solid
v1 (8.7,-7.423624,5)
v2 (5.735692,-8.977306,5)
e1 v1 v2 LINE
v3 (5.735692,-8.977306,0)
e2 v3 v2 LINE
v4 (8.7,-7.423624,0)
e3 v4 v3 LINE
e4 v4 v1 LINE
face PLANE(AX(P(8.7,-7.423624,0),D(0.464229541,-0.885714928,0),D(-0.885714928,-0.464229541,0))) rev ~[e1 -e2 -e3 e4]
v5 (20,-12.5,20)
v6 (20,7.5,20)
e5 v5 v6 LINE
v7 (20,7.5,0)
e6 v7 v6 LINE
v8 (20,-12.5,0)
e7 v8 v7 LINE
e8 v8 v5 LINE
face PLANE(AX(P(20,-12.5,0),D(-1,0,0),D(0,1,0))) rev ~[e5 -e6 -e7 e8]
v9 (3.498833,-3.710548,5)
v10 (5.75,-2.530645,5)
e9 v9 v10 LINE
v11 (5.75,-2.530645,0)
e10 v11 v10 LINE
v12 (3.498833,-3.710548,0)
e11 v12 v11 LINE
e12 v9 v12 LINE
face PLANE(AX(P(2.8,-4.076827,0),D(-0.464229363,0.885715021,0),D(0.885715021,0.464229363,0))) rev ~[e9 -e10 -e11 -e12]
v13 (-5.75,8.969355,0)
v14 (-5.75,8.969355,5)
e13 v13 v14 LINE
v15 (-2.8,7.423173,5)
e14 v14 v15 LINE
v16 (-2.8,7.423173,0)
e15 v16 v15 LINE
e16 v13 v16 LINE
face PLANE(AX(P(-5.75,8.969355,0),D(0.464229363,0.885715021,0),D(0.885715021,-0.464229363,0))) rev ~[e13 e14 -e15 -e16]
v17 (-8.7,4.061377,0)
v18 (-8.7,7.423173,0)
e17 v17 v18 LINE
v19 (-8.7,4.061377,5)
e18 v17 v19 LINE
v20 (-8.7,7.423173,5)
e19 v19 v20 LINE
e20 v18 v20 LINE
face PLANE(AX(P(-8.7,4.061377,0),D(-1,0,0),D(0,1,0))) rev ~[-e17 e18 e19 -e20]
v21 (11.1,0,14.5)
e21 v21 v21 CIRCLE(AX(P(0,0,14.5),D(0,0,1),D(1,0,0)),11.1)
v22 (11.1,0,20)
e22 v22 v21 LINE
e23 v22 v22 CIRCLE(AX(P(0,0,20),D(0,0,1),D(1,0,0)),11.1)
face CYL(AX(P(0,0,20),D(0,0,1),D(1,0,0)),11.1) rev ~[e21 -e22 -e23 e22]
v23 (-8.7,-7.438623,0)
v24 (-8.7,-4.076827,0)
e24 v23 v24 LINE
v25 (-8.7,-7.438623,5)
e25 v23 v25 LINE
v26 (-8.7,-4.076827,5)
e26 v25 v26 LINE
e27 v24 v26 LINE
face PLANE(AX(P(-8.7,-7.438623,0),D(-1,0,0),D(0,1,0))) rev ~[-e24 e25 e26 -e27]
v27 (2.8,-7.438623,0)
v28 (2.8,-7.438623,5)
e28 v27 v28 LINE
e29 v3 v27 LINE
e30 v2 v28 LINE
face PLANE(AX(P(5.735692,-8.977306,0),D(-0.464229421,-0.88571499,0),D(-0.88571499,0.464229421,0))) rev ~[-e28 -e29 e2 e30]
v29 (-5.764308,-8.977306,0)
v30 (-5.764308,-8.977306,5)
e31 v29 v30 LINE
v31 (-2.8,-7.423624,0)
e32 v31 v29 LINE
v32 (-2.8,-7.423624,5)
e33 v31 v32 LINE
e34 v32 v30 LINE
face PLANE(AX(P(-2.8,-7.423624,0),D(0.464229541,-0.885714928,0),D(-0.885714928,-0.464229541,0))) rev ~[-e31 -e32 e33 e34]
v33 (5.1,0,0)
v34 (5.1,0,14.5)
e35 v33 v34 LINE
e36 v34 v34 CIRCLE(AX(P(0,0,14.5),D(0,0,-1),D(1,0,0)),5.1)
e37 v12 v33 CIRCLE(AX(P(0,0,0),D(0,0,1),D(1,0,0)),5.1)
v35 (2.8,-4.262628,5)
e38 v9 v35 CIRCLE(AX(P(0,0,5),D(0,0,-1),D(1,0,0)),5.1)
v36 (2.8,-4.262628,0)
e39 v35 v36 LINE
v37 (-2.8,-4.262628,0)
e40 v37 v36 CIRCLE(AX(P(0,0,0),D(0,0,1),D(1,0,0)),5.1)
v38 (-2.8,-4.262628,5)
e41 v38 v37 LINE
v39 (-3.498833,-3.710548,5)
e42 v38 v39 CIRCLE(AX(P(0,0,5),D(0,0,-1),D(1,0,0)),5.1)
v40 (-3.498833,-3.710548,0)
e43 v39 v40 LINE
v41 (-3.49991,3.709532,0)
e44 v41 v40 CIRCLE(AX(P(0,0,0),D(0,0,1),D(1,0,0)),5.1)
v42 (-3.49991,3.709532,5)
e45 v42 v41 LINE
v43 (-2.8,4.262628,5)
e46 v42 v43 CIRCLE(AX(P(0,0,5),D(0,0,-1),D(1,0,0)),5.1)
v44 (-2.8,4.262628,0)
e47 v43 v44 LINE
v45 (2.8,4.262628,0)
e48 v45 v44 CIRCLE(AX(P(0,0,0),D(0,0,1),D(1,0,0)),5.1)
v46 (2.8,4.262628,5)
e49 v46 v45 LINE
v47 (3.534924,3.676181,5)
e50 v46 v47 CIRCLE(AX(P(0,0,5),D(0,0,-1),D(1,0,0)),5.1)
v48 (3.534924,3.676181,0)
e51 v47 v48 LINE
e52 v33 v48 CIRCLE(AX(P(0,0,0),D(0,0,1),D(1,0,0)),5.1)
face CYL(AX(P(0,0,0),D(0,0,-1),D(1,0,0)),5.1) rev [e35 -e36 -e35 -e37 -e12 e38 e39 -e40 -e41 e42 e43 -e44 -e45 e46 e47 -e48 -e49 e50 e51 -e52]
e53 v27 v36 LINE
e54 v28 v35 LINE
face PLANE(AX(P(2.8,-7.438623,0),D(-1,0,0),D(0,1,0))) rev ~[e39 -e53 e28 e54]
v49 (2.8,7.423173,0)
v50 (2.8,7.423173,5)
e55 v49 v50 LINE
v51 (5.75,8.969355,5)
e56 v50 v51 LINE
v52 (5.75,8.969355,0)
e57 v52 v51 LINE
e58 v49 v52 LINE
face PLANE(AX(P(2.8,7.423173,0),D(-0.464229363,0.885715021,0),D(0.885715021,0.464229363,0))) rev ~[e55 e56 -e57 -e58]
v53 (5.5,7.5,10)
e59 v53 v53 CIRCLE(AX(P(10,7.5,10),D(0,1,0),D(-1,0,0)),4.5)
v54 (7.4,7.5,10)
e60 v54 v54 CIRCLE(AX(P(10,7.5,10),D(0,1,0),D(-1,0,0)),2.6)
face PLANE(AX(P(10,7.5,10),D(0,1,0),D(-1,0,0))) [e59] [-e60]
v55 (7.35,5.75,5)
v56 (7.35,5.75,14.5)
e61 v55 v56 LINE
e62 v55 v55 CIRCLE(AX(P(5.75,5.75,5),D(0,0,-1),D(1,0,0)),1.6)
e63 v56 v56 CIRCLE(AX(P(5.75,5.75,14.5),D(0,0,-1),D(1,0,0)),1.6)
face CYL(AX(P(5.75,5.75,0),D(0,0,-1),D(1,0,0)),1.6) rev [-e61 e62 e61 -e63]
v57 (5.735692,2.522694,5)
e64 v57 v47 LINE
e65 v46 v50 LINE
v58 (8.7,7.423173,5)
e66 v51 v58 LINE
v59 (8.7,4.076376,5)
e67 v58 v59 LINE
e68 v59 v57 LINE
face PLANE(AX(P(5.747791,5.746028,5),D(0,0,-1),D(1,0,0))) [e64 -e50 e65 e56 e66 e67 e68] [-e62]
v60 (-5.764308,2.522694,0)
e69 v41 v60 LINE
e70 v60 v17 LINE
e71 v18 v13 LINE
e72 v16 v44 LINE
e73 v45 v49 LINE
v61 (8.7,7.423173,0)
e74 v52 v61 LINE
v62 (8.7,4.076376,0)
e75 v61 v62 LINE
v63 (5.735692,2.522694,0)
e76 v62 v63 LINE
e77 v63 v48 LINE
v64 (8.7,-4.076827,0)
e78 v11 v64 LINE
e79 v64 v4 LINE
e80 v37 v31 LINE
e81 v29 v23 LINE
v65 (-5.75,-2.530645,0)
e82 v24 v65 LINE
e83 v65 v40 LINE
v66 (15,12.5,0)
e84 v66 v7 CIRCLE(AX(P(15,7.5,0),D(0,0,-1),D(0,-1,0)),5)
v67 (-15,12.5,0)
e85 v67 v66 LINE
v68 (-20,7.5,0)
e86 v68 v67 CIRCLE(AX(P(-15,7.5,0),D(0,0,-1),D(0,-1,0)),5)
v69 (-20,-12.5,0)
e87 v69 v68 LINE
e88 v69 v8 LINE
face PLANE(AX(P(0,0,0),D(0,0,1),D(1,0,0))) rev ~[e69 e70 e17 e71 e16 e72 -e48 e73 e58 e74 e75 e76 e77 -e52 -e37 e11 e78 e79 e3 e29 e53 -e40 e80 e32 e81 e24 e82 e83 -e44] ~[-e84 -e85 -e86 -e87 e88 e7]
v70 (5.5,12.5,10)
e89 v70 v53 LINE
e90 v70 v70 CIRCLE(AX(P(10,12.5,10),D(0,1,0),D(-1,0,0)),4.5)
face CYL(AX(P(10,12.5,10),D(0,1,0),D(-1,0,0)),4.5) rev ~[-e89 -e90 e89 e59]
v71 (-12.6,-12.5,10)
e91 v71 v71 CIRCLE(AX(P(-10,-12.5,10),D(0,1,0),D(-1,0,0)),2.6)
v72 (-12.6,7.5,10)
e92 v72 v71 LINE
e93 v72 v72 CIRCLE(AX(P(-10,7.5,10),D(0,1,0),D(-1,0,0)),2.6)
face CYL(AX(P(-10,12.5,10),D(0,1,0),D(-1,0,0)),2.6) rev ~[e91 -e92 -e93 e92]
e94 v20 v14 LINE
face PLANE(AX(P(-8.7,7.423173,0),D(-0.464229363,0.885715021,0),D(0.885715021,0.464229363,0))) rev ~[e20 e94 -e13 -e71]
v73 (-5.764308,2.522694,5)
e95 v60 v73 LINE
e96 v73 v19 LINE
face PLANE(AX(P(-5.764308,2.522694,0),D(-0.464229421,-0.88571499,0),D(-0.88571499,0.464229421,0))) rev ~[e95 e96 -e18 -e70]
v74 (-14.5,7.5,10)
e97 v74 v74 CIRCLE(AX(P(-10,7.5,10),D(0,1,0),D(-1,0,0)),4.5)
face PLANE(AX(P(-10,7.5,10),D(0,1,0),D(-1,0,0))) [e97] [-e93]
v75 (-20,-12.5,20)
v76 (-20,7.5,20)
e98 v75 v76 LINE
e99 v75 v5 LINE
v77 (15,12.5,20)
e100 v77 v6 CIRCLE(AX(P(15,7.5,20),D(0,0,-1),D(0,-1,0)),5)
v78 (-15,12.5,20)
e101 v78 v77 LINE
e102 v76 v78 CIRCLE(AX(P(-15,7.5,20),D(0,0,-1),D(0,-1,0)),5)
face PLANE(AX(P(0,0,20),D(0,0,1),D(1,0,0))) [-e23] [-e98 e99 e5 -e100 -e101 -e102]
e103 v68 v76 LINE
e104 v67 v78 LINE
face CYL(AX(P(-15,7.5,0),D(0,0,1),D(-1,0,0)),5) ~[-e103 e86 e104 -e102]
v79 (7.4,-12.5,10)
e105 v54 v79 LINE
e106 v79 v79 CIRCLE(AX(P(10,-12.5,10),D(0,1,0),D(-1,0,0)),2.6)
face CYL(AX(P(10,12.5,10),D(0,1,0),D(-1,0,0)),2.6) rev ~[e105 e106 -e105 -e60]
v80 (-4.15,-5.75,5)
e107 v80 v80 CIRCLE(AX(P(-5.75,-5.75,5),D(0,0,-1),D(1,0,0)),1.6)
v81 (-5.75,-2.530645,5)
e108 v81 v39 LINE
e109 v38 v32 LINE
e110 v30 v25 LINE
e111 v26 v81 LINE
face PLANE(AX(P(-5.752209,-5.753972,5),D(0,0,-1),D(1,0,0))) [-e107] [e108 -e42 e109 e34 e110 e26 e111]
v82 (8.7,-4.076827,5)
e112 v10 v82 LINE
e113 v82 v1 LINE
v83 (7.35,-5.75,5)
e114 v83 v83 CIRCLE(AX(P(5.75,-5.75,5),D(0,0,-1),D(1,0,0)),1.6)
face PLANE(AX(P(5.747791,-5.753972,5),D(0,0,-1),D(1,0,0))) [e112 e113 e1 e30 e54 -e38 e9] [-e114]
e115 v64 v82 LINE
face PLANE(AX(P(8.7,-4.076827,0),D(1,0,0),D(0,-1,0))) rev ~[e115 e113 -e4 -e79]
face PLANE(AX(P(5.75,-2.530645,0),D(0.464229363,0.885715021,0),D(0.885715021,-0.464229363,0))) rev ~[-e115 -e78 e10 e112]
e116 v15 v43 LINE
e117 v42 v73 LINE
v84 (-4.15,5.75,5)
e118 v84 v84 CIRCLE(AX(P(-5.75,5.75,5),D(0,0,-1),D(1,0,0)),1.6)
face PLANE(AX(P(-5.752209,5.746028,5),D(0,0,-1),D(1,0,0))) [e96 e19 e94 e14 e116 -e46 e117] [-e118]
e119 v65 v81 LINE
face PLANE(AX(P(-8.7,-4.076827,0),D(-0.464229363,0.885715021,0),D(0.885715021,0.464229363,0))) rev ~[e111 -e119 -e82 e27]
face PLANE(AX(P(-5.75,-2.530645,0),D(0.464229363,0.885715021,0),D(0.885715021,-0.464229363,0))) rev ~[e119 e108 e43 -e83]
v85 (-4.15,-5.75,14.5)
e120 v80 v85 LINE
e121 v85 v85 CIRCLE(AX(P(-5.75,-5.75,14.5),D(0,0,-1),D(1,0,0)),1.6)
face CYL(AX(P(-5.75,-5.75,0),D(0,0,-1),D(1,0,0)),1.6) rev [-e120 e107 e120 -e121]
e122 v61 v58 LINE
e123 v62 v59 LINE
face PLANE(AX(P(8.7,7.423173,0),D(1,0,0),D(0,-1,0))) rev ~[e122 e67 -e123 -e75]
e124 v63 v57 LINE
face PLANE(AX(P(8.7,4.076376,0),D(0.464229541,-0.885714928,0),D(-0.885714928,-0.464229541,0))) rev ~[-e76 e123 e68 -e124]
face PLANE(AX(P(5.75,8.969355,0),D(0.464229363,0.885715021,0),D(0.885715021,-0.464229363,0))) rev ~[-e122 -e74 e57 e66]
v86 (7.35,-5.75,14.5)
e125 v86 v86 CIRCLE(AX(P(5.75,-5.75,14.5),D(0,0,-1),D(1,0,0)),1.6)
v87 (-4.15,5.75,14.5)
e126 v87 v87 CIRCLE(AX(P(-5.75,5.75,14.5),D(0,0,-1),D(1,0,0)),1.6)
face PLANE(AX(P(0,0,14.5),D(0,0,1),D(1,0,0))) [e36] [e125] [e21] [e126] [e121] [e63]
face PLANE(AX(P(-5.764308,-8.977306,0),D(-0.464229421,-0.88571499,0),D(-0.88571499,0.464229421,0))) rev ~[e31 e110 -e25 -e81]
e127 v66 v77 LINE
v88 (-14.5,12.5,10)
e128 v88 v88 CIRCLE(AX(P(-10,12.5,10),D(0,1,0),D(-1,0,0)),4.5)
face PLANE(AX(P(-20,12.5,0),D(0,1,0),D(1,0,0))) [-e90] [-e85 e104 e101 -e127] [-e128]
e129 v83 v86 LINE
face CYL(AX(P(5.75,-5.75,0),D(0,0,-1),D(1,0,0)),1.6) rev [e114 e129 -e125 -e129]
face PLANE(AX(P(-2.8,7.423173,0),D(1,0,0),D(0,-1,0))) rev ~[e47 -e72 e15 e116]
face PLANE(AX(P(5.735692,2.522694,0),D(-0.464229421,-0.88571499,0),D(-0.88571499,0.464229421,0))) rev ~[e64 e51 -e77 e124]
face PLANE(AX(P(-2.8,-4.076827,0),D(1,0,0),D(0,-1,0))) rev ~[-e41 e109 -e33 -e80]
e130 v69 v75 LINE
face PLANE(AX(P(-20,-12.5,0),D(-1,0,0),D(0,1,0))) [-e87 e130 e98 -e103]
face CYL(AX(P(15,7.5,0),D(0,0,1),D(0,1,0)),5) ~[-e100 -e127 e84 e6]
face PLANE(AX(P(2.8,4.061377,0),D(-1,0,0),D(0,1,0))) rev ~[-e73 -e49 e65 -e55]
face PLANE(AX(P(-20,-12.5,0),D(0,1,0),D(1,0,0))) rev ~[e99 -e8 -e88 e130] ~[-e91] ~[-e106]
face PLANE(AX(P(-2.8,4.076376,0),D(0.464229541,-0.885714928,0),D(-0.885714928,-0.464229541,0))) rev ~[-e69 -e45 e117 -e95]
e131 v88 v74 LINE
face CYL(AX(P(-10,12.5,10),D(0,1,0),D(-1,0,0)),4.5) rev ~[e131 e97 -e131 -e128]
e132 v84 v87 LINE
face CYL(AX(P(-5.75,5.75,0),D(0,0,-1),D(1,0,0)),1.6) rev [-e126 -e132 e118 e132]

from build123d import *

# Parameters (mm, degrees)
F0_W      = 40
F0_H      = 25
F0_R      = 1.6
F0_R_2    = 5.1
F1_DEPTH  = 20
F2_R      = 5
F3_R      = 11.1
F4_DEPTH  = 5.5
F5_R      = 1.6
F6_DEPTH  = 5
F7_R      = 2.6
F8_DEPTH  = 25.001
F9_R      = 4.5
F9_R_2    = 2.6
F10_DEPTH = 5


with BuildPart() as f1:
    # F0 (on Top) → F1 (new body)
    with BuildSketch(Plane.XY):
        Rectangle(F0_W, F0_H)
        with Locations((-5.75, -5.75)):
            Circle(F0_R, mode=Mode.SUBTRACT)
        with Locations((5.75, -5.75)):
            Circle(F0_R, mode=Mode.SUBTRACT)
        with Locations((-5.75, 5.75)):
            Circle(F0_R, mode=Mode.SUBTRACT)
        Circle(F0_R_2, mode=Mode.SUBTRACT)
        with Locations((5.75, 5.75)):
            Circle(F0_R, mode=Mode.SUBTRACT)
    extrude(amount=F1_DEPTH)

    # F2
    f2_edges = [f1.edges().sort_by_distance(p)[0] for p in [
        (20, 12.5, 10),
        (-20, 12.5, 10),
    ]]
    fillet(f2_edges, radius=F2_R)

    # F3 (on face) → F4 (cut)
    with BuildSketch(Plane.XY.offset(20)):
        Circle(F3_R)
    extrude(amount=-F4_DEPTH, mode=Mode.SUBTRACT)

    # F5 (on face) → F6 (cut)
    with BuildSketch(Plane(origin=(0, 0, 0), x_dir=(1, 0, 0), z_dir=(0, 0, -1))):
        Polygon((8.7, 7.423624), (5.735692, 8.977306), (2.8, 7.438623), (2.8, 4.076827), (5.75, 2.530645), (8.7, 4.076827), align=None)
        Polygon((8.7, -4.076376), (5.735692, -2.522694), (2.8, -4.061377), (2.8, -7.423173), (5.75, -8.969355), (8.7, -7.423173), align=None)
        with Locations((5.75, -5.75)):
            Circle(F5_R, mode=Mode.SUBTRACT)
        Polygon((-2.8, -4.076376), (-5.764308, -2.522694), (-8.7, -4.061377), (-8.7, -7.423173), (-5.75, -8.969355), (-2.8, -7.423173), align=None)
        with Locations((-5.75, -5.75)):
            Circle(F5_R, mode=Mode.SUBTRACT)
        Polygon((-2.8, 7.423624), (-5.764308, 8.977306), (-8.7, 7.438623), (-8.7, 4.076827), (-5.75, 2.530645), (-2.8, 4.076827), align=None)
        with Locations((-5.75, 5.75)):
            Circle(F5_R, mode=Mode.SUBTRACT)
    extrude(amount=-F6_DEPTH, mode=Mode.SUBTRACT)

    # F7 (on face) → F8 (cut, through all)
    with BuildSketch(Plane(origin=(0, 12.5, 0), x_dir=(-1, 0, 0), z_dir=(0, 1, 0))):
        with Locations((-10, 10)):
            Circle(F7_R)
        with Locations((10, 10)):
            Circle(F7_R)
    extrude(amount=-F8_DEPTH, mode=Mode.SUBTRACT)

    # F9 (on face) → F10 (cut)
    with BuildSketch(Plane(origin=(0, 12.5, 0), x_dir=(-1, 0, 0), z_dir=(0, 1, 0))):
        with Locations((10, 10)):
            Circle(F9_R)
        with Locations((10, 10)):
            Circle(F9_R_2, mode=Mode.SUBTRACT)
        with Locations((-10, 10)):
            Circle(F9_R)
        with Locations((-10, 10)):
            Circle(F9_R_2, mode=Mode.SUBTRACT)
    extrude(amount=-F10_DEPTH, mode=Mode.SUBTRACT)


solid = f1.part
